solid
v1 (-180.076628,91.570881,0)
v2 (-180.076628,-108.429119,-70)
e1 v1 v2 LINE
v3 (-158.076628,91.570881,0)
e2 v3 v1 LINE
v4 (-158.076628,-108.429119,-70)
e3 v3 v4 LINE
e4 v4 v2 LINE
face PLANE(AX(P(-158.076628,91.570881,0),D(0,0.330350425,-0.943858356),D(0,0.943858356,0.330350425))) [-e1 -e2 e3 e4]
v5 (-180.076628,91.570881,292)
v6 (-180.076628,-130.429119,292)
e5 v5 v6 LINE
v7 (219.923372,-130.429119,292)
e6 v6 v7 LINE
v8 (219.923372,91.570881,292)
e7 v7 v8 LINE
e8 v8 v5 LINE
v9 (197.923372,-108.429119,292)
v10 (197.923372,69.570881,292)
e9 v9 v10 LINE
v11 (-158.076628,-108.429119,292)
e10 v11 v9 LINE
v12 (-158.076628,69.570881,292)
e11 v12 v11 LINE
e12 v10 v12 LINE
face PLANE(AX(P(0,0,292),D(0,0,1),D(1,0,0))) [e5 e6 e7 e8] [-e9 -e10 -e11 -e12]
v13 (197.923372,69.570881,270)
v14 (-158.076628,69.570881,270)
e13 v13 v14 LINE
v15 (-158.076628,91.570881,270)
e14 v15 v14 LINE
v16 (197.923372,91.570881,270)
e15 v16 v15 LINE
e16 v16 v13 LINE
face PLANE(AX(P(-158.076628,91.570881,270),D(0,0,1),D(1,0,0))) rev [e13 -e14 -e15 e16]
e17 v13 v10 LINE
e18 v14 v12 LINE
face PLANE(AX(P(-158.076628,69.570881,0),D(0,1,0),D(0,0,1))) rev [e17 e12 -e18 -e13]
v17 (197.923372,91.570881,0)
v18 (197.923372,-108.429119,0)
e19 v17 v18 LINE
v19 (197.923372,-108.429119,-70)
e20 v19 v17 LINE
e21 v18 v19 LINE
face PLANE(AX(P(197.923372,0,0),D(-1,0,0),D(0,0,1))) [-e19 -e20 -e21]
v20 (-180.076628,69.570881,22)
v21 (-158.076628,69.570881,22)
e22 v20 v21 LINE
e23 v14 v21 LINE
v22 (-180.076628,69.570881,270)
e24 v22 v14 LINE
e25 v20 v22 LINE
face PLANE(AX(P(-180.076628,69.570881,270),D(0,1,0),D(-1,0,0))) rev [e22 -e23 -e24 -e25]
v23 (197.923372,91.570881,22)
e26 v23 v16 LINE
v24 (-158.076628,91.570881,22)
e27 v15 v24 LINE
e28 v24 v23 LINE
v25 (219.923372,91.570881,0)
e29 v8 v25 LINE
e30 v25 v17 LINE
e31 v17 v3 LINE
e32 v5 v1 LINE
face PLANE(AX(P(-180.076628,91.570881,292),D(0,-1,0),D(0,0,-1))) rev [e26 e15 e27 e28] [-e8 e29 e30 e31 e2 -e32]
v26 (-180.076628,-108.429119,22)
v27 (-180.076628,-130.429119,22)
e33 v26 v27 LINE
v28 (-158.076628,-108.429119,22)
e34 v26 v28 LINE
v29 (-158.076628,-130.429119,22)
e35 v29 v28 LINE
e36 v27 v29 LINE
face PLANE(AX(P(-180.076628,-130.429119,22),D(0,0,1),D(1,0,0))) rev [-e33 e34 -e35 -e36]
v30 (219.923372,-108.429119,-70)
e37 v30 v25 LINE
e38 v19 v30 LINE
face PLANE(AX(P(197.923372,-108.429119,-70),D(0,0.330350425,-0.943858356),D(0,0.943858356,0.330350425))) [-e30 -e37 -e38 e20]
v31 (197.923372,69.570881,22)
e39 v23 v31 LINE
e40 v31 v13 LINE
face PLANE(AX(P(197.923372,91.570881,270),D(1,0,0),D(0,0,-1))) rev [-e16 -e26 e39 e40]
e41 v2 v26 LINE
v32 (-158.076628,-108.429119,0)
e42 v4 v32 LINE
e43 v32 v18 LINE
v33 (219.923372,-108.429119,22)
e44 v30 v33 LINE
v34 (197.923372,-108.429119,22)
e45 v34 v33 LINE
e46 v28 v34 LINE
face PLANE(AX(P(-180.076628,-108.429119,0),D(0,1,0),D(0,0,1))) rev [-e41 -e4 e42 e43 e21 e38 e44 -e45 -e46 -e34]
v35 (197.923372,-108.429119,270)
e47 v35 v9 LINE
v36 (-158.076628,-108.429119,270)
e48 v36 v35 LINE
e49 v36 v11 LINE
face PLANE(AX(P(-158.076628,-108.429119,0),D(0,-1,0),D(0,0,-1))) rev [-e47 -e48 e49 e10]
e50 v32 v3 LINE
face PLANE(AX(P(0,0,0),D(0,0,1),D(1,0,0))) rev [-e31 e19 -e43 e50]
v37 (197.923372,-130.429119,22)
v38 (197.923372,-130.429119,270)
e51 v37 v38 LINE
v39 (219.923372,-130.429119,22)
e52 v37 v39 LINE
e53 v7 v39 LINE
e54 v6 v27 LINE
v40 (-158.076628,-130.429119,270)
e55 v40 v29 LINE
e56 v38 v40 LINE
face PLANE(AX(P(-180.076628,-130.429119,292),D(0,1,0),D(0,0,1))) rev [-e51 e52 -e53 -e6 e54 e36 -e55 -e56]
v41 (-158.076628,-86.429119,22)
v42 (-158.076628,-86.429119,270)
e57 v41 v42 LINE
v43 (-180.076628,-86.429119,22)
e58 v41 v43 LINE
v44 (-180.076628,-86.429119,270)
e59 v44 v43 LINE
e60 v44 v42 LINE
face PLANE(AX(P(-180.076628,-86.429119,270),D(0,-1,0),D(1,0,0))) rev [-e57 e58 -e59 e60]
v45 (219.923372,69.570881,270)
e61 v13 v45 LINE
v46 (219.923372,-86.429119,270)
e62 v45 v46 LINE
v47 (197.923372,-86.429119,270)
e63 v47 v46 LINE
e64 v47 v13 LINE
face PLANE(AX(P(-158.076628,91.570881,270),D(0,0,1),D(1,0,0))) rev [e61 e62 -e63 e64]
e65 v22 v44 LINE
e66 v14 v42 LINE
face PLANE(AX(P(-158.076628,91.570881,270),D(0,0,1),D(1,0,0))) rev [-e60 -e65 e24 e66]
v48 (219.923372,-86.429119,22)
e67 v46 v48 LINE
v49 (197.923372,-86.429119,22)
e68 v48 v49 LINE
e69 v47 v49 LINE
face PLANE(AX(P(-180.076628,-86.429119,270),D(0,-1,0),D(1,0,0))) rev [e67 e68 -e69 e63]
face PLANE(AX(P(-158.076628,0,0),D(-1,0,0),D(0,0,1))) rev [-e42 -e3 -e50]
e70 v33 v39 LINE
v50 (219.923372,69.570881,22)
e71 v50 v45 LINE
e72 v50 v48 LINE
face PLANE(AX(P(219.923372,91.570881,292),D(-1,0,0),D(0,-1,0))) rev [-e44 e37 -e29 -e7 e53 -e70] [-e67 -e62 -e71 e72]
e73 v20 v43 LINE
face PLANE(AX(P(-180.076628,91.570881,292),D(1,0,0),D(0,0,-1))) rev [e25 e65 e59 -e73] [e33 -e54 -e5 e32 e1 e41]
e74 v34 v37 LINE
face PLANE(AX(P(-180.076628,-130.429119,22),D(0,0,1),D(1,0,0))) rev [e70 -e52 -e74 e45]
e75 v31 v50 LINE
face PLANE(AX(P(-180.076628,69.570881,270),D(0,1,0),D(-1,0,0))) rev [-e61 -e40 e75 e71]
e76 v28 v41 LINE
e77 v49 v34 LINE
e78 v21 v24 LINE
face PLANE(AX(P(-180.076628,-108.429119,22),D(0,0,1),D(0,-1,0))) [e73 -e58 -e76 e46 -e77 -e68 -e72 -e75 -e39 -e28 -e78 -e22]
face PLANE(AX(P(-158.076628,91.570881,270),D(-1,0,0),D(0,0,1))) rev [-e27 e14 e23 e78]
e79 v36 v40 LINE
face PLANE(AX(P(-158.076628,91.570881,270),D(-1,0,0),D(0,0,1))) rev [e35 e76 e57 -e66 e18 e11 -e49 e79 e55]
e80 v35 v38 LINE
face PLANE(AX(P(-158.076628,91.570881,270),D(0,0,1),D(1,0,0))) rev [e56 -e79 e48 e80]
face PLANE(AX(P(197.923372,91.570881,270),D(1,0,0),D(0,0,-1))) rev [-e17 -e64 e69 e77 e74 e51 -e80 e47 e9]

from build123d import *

# Parameters (mm, degrees)
ESQUISSE1_W             = 400
ESQUISSE1_H             = 222
BOSS_EXTRU_1_DEPTH      = 292
ESQUISSE2_W             = 356
ESQUISSE2_H             = 270
ENL_V_MAT_EXTRU_1_DEPTH = 428.684801456
ESQUISSE8_W             = 270
ESQUISSE8_H             = 156
ENL_V_MAT_EXTRU_2_DEPTH = 513.128650853
ESQUISSE9_W             = 356
ESQUISSE9_H             = 178
ENL_V_MAT_EXTRU_3_DEPTH = 389.126325339
ESQUISSE10_W            = 22
ESQUISSE10_H            = 22
ENL_V_MAT_EXTRU_4_DEPTH = 400
ESQUISSE11_W            = 22
ESQUISSE11_H            = 200
BOSS_EXTRU_2_DEPTH      = 400
BOSS_EXTRU_3_DEPTH      = 22
BOSS_EXTRU_4_DEPTH      = 22


with BuildPart() as part:
    # Esquisse1 → Boss.-Extru.1 (new body)
    with BuildSketch(Plane.XY):
        with Locations((19.923371648, -19.429118774)):
            Rectangle(ESQUISSE1_W, ESQUISSE1_H)
    extrude(amount=BOSS_EXTRU_1_DEPTH)

    # Esquisse2 → Enlèv. mat.-Extru.1 (cut, through all)
    with BuildSketch(Plane.XZ.offset(130.429118774)):
        with Locations((19.923371648, 135)):
            Rectangle(ESQUISSE2_W, ESQUISSE2_H)
    extrude(amount=-ENL_V_MAT_EXTRU_1_DEPTH, mode=Mode.SUBTRACT)

    # Esquisse8 → Enlèv. mat.-Extru.2 (cut, through all)
    with BuildSketch(Plane(origin=(219.923371648, 0, 0), x_dir=(0, 0, -1), z_dir=(1, 0, 0))):
        with Locations((-135, -8.429118774)):
            Rectangle(ESQUISSE8_W, ESQUISSE8_H)
    extrude(amount=-ENL_V_MAT_EXTRU_2_DEPTH, mode=Mode.SUBTRACT)

    # Esquisse9 → Enlèv. mat.-Extru.3 (cut, through all)
    with BuildSketch(Plane.XY.offset(292)):
        with Locations((19.923371648, -19.429118774)):
            Rectangle(ESQUISSE9_W, ESQUISSE9_H)
    extrude(amount=-ENL_V_MAT_EXTRU_3_DEPTH, mode=Mode.SUBTRACT)

    # Esquisse10 → Enlèv. mat.-Extru.4 (cut)
    with BuildSketch(Plane(origin=(219.923371648, 0, 0), x_dir=(0, 0, -1), z_dir=(1, 0, 0))):
        with Locations((-11, -119.429118774)):
            Rectangle(ESQUISSE10_W, ESQUISSE10_H)
    extrude(amount=-ENL_V_MAT_EXTRU_4_DEPTH, mode=Mode.SUBTRACT)

    # Esquisse11 → Boss.-Extru.2 (add)
    with BuildSketch(Plane(origin=(219.923371648, 0, 0), x_dir=(0, 0, -1), z_dir=(1, 0, 0))):
        with Locations((-11, -8.429118774)):
            Rectangle(ESQUISSE11_W, ESQUISSE11_H)
    extrude(amount=-BOSS_EXTRU_2_DEPTH)

    # Esquisse12 → Boss.-Extru.3 (add)
    with BuildSketch(Plane(origin=(219.923371648, 0, 0), x_dir=(0, 0, -1), z_dir=(1, 0, 0))):
        Polygon((70, -108.429118774), (0, 91.570881226), (0, -108.429118774), align=None)
    extrude(amount=-BOSS_EXTRU_3_DEPTH)

    # Esquisse13 → Boss.-Extru.4 (add)
    with BuildSketch(Plane.ZY.offset(180.076628352)):
        Polygon((0, -108.429118774), (-70, -108.429118774), (0, 91.570881226), align=None)
    extrude(amount=-BOSS_EXTRU_4_DEPTH)


solid = part.part
